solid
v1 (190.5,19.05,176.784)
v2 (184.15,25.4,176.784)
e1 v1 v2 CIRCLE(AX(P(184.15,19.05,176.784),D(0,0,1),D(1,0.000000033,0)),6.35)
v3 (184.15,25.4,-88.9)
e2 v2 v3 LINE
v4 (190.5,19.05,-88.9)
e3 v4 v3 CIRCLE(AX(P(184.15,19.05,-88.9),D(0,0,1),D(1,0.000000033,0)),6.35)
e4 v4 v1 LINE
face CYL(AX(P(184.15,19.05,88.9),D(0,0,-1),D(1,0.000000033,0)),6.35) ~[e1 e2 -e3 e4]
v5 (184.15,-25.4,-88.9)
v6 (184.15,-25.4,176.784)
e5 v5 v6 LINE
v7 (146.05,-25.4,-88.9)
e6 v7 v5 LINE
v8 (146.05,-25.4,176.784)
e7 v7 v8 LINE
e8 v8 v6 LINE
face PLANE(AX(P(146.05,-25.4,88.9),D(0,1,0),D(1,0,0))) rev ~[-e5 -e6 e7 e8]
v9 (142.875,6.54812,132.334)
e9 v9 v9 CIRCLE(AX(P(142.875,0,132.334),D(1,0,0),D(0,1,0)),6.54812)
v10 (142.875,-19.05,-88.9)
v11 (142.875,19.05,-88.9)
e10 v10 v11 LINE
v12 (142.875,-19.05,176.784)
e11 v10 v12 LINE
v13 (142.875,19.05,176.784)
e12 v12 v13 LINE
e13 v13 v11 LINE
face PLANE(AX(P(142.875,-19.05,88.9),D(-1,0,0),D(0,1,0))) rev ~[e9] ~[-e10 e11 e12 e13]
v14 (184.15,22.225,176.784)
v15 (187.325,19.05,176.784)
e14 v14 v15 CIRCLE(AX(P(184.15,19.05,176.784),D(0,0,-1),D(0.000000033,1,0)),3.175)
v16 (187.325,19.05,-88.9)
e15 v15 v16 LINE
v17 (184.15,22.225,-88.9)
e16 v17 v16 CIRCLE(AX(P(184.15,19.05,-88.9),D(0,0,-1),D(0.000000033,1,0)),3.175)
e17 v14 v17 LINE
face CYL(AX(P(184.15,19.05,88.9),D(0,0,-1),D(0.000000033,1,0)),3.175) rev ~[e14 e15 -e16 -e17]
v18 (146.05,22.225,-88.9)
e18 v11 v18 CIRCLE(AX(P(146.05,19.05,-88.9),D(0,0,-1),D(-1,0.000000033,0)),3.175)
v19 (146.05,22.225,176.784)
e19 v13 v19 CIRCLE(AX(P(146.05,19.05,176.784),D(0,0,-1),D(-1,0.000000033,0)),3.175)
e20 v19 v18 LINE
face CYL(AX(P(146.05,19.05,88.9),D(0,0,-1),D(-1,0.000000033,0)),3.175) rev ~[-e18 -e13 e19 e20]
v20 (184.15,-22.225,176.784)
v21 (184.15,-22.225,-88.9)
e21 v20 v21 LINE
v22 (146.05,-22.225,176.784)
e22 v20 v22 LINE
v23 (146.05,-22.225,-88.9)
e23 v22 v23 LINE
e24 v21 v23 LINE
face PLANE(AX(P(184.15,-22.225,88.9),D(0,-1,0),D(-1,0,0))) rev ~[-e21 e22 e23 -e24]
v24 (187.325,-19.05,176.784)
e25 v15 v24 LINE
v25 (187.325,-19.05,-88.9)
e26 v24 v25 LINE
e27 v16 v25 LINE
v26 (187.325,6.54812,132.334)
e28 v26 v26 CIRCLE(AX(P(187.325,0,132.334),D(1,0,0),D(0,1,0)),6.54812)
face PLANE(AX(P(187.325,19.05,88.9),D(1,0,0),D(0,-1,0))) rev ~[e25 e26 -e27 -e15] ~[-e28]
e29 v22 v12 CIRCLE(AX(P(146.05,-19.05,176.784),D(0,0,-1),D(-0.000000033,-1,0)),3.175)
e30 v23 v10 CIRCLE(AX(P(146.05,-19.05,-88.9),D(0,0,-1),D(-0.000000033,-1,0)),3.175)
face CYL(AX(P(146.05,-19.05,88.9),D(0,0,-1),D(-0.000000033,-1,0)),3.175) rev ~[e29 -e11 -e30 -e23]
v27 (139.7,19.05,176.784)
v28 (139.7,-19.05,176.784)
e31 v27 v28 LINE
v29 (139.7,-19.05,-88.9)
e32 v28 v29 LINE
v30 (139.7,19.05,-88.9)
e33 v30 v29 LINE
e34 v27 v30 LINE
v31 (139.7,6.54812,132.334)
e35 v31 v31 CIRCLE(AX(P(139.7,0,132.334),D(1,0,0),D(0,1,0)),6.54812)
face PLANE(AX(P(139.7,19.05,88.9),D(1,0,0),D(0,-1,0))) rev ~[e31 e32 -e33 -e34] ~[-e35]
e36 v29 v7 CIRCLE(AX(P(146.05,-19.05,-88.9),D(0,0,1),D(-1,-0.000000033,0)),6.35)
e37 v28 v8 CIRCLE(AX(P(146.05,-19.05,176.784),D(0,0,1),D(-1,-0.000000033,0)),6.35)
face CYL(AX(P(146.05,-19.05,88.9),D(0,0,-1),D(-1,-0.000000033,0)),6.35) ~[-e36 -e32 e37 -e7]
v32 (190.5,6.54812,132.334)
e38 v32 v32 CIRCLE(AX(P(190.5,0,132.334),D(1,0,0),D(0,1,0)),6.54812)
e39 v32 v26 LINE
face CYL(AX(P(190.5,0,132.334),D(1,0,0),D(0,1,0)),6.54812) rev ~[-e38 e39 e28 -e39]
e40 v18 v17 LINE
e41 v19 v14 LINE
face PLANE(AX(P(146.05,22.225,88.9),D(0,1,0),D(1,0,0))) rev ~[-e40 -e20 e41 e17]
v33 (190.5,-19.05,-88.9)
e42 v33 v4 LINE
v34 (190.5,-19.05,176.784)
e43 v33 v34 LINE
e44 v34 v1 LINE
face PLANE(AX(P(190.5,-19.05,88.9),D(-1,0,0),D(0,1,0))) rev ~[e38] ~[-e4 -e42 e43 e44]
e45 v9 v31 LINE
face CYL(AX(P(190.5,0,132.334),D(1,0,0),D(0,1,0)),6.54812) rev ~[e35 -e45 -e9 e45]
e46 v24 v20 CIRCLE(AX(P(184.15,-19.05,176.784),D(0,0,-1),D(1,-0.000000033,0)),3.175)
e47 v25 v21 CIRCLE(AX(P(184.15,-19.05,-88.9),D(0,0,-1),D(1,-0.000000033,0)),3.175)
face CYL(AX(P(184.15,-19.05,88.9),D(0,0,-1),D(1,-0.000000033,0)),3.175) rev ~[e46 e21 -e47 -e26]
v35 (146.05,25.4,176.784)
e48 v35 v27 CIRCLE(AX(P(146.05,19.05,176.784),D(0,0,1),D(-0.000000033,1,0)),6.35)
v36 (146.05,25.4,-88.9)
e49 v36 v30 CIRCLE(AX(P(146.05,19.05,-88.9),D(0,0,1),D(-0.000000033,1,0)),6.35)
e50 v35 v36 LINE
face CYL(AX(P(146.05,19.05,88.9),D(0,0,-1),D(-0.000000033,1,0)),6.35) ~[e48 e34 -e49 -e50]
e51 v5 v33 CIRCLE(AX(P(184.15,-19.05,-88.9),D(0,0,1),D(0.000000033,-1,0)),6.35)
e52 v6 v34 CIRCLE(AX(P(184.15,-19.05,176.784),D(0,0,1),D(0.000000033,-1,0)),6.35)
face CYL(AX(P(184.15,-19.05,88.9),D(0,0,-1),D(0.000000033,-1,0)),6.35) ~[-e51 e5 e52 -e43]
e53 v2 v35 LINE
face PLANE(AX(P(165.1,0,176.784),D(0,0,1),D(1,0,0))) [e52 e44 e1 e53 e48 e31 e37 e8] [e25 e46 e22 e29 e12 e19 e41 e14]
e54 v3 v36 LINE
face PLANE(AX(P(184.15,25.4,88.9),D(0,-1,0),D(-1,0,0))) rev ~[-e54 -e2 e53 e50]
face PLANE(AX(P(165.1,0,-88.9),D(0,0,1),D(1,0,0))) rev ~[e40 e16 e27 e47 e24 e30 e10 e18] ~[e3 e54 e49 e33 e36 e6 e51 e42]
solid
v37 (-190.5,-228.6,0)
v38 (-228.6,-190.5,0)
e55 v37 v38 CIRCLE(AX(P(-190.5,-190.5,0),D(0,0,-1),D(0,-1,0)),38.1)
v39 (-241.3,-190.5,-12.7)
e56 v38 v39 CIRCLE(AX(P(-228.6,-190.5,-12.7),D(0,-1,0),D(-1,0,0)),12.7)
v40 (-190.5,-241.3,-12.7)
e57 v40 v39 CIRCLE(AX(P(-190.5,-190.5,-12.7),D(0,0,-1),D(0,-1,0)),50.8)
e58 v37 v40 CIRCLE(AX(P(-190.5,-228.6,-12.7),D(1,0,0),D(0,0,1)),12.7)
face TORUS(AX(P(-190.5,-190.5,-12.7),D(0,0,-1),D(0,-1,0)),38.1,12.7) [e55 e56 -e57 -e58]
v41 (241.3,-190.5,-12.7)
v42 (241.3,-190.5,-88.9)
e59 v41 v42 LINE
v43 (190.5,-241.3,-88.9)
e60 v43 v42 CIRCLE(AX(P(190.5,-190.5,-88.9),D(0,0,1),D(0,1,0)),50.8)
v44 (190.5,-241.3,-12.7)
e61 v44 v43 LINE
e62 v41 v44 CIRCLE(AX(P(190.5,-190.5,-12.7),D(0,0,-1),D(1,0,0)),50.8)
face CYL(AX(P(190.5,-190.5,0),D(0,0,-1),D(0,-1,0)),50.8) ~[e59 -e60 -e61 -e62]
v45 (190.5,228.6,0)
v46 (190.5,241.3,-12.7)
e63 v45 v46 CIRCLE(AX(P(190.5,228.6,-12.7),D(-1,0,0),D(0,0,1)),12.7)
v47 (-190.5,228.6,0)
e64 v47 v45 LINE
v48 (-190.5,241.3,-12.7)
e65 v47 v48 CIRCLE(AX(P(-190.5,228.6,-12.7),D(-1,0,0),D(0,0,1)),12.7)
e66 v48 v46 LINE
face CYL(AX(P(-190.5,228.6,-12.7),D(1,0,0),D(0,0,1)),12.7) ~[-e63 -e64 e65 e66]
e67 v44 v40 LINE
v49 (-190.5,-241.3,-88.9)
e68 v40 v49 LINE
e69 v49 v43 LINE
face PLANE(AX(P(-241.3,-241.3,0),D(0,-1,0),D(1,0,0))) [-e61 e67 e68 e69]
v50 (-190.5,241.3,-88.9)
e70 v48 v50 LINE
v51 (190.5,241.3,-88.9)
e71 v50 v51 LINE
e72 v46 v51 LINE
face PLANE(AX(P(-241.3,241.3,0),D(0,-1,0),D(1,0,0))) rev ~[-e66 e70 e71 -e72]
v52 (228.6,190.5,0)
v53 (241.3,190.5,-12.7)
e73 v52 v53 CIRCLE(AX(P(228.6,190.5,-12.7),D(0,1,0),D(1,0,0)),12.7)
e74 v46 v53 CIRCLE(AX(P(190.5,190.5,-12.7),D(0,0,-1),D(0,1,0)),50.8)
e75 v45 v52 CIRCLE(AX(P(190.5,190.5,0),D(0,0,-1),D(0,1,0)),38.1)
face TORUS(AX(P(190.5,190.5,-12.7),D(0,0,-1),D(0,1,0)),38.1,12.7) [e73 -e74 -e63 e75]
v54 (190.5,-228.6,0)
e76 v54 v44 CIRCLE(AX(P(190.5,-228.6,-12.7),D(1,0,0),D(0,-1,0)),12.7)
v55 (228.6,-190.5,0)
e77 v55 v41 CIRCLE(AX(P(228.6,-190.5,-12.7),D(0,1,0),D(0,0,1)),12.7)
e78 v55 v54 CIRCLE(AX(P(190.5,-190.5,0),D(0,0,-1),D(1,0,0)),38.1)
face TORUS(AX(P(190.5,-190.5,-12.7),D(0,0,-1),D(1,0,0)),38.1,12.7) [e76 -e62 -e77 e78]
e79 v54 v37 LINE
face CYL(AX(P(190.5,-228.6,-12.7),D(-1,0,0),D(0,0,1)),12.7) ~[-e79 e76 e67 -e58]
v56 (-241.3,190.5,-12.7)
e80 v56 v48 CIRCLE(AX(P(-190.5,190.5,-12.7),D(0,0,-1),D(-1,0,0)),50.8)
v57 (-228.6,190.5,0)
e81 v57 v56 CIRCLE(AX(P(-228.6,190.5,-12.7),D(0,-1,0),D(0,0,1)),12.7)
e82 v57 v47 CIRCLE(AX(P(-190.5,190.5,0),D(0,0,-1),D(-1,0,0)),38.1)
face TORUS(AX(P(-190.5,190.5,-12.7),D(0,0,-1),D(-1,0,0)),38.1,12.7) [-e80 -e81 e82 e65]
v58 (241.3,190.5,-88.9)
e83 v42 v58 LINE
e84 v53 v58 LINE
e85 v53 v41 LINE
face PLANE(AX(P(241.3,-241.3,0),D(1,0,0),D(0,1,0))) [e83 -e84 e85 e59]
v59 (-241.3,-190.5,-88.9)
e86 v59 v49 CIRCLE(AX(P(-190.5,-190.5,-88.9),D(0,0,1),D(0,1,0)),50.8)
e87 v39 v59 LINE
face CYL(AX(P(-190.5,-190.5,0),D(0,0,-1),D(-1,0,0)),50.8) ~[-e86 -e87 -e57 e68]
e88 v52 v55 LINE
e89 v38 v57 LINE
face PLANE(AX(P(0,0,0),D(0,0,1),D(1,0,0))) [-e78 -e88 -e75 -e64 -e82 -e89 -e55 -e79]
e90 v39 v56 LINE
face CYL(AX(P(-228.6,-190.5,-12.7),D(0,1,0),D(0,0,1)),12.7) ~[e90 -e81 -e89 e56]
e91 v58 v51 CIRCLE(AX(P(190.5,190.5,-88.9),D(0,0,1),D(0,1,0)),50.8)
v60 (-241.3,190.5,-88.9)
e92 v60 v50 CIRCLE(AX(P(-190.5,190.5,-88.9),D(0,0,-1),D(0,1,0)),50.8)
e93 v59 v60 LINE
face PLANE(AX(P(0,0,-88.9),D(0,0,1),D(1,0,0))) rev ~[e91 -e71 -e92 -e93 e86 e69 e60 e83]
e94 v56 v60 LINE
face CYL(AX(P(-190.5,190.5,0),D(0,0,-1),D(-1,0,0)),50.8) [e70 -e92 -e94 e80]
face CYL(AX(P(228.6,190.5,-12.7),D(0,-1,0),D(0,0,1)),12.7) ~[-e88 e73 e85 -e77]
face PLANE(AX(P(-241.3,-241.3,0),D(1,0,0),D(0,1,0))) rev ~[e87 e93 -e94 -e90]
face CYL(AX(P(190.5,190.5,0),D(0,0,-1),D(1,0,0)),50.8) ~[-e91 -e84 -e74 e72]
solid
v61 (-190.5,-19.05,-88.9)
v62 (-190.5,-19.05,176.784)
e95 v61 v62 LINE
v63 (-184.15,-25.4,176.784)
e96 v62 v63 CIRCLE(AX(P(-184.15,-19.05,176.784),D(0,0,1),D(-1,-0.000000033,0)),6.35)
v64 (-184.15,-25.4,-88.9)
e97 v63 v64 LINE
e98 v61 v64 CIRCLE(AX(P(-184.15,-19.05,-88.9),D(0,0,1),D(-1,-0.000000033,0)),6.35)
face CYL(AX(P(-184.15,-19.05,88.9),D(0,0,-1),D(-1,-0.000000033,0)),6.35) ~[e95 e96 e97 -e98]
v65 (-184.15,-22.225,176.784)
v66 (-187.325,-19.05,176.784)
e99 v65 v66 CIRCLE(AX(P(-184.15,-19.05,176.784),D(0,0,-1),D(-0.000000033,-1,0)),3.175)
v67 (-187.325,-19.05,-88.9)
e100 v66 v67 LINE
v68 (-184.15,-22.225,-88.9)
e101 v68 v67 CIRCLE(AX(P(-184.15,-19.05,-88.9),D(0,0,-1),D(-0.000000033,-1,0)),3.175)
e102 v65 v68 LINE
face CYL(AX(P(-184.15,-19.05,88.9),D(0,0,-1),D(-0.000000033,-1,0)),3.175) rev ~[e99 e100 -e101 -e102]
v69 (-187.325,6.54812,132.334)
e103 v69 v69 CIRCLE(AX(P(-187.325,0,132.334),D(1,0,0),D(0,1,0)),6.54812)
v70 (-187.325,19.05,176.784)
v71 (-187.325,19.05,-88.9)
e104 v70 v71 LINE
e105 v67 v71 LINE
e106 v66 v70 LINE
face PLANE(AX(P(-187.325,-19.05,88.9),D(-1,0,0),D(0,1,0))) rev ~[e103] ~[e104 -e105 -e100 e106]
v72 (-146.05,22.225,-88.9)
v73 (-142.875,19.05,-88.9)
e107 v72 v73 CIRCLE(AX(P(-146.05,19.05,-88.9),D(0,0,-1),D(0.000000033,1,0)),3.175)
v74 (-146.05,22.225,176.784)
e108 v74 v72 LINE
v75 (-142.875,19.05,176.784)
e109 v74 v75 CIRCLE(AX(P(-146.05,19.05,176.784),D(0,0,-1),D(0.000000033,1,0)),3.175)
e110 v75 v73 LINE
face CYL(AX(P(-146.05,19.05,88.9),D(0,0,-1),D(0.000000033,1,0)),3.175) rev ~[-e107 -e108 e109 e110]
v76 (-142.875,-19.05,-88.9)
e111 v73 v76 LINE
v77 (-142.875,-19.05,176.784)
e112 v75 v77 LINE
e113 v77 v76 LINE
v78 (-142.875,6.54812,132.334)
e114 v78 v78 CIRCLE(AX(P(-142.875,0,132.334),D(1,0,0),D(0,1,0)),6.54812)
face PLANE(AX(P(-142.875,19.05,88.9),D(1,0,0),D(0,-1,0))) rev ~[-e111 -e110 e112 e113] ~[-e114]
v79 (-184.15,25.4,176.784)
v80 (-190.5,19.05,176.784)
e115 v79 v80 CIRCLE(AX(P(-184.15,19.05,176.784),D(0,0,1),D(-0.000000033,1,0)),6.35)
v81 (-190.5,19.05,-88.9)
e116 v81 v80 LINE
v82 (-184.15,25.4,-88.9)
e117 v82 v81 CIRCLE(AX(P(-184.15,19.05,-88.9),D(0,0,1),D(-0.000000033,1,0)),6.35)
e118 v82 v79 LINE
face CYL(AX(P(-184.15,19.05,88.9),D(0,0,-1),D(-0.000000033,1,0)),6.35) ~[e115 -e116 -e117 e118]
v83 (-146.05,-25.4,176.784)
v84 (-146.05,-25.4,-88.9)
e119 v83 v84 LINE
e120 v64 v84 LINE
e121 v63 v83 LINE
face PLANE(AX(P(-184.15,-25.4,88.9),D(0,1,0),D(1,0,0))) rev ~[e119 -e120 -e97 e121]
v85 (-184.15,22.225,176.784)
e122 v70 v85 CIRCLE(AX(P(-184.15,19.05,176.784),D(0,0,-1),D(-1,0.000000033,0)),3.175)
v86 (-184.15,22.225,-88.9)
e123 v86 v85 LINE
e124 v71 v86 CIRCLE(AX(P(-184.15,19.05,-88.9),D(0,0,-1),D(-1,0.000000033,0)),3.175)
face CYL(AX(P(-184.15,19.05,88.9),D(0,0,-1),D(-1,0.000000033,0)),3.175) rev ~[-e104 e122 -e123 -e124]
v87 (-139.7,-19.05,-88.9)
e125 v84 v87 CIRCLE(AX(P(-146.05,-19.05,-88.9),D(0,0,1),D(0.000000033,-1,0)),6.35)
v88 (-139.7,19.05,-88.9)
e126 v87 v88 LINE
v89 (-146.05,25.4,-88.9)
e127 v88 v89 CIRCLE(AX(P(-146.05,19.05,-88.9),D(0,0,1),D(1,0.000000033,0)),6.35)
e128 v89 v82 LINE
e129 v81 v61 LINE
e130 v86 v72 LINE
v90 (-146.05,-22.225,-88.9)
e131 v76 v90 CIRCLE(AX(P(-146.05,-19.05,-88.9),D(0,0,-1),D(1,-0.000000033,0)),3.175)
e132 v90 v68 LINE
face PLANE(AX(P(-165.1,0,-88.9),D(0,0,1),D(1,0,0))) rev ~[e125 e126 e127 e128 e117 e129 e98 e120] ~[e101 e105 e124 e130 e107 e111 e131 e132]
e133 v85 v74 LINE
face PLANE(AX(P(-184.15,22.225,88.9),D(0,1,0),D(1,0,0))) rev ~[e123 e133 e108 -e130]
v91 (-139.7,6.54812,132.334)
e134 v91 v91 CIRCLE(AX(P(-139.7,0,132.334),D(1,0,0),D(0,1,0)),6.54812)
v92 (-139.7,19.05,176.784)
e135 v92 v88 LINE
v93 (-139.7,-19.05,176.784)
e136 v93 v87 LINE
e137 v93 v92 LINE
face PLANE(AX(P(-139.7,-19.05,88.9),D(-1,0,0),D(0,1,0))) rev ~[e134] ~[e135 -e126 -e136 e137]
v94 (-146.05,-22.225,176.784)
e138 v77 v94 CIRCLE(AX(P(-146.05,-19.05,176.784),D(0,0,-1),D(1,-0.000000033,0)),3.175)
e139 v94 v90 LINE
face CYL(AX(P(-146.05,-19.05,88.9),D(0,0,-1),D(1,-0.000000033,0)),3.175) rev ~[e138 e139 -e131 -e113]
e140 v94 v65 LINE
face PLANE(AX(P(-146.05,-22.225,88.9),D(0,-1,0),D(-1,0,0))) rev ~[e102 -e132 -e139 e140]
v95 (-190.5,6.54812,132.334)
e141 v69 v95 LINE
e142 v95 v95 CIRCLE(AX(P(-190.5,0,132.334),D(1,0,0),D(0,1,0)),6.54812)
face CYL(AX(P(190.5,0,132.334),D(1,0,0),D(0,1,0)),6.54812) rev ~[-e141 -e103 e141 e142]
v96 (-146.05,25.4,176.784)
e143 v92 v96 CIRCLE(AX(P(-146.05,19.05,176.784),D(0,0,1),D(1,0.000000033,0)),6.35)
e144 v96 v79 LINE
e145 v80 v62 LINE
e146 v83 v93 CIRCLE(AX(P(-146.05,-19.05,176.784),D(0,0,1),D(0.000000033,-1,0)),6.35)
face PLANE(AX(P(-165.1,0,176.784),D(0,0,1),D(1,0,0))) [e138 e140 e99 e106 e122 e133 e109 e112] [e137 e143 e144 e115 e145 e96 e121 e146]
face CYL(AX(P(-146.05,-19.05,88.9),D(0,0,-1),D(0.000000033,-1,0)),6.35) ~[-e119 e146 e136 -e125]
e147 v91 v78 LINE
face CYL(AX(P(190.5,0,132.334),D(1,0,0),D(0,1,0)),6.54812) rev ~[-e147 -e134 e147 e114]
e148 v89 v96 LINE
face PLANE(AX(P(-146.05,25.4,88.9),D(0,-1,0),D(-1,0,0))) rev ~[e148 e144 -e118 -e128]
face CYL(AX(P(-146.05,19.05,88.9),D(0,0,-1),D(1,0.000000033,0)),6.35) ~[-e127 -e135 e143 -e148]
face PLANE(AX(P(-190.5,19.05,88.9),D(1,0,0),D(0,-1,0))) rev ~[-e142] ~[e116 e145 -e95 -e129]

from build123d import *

# Parameters (mm, degrees)
F0_W     = 482.6
F0_H     = 482.6
F1_DEPTH = 88.9
F2_R     = 50.8
F3_R     = 12.7
F5_DEPTH = 88.9
F7_DEPTH = 87.884
F8_R     = 6.54812
F9_DEPTH = 431.801


with BuildPart() as f1:
    # F0 (on Top) → F1 (new body)
    with BuildSketch(Plane.XY):
        Rectangle(F0_W, F0_H)
    extrude(amount=-F1_DEPTH)

    # F2
    f2_edges = [f1.edges().sort_by_distance(p)[0] for p in [
        (-241.3, -241.3, -44.45),
        (241.3, -241.3, -44.45),
        (241.3, 241.3, -44.45),
        (-241.3, 241.3, -44.45),
    ]]
    fillet(f2_edges, radius=F2_R)

    # F3
    f3_edges = [f1.edges().sort_by_distance(p)[0] for p in [
        (0, 241.3, 0),
    ]]
    fillet(f3_edges, radius=F3_R)


with BuildPart() as f5:
    # F4 (on Top) → F5 (new body, symmetric)
    with BuildSketch(Plane.XY):
        with BuildLine():
            ThreePointArc((190.5, 19.05), (188.640128, 23.540128), (184.15, 25.4))
            Line((184.15, 25.4), (146.05, 25.4))
            ThreePointArc((146.05, 25.4), (141.559872, 23.540128), (139.7, 19.05))
            Line((139.7, 19.05), (139.7, -19.05))
            ThreePointArc((139.7, -19.05), (141.559872, -23.540128), (146.05, -25.4))
            Line((146.05, -25.4), (184.15, -25.4))
            ThreePointArc((184.15, -25.4), (188.640128, -23.540128), (190.5, -19.05))
            Line((190.5, -19.05), (190.5, 19.05))
        make_face()
        with BuildLine():
            Line((146.05, 22.225), (184.15, 22.225))
            ThreePointArc((184.15, 22.225), (186.395064, 21.295064), (187.325, 19.05))
            Line((187.325, 19.05), (187.325, -19.05))
            ThreePointArc((187.325, -19.05), (186.395064, -21.295064), (184.15, -22.225))
            Line((184.15, -22.225), (146.05, -22.225))
            ThreePointArc((146.05, -22.225), (143.804936, -21.295064), (142.875, -19.05))
            Line((142.875, -19.05), (142.875, 19.05))
            ThreePointArc((142.875, 19.05), (143.804936, 21.295064), (146.05, 22.225))
        make_face(mode=Mode.SUBTRACT)
        with BuildLine():
            ThreePointArc((-139.7, 19.05), (-141.559872, 23.540128), (-146.05, 25.4))
            Line((-146.05, 25.4), (-184.15, 25.4))
            ThreePointArc((-184.15, 25.4), (-188.640128, 23.540128), (-190.5, 19.05))
            Line((-190.5, 19.05), (-190.5, -19.05))
            ThreePointArc((-190.5, -19.05), (-188.640128, -23.540128), (-184.15, -25.4))
            Line((-184.15, -25.4), (-146.05, -25.4))
            ThreePointArc((-146.05, -25.4), (-141.559872, -23.540128), (-139.7, -19.05))
            Line((-139.7, -19.05), (-139.7, 19.05))
        make_face()
        with BuildLine():
            Line((-184.15, 22.225), (-146.05, 22.225))
            ThreePointArc((-146.05, 22.225), (-143.804936, 21.295064), (-142.875, 19.05))
            Line((-142.875, 19.05), (-142.875, -19.05))
            ThreePointArc((-142.875, -19.05), (-143.804936, -21.295064), (-146.05, -22.225))
            Line((-146.05, -22.225), (-184.15, -22.225))
            ThreePointArc((-184.15, -22.225), (-186.395064, -21.295064), (-187.325, -19.05))
            Line((-187.325, -19.05), (-187.325, 19.05))
            ThreePointArc((-187.325, 19.05), (-186.395064, 21.295064), (-184.15, 22.225))
        make_face(mode=Mode.SUBTRACT)
    extrude(amount=F5_DEPTH, both=True)

    # F6 (on face) → F7 (join)
    with BuildSketch(Plane.XY.offset(88.9)):
        with BuildLine():
            ThreePointArc((139.7, -19.05), (141.559872, -23.540128), (146.05, -25.4))
            Line((146.05, -25.4), (184.15, -25.4))
            ThreePointArc((184.15, -25.4), (188.640128, -23.540128), (190.5, -19.05))
            Line((190.5, -19.05), (190.5, 19.05))
            ThreePointArc((190.5, 19.05), (188.640128, 23.540128), (184.15, 25.4))
            Line((184.15, 25.4), (146.05, 25.4))
            ThreePointArc((146.05, 25.4), (141.559872, 23.540128), (139.7, 19.05))
            Line((139.7, 19.05), (139.7, -19.05))
        make_face()
        with BuildLine():
            Line((142.875, -19.05), (142.875, 19.05))
            ThreePointArc((142.875, 19.05), (143.804936, 21.295064), (146.05, 22.225))
            Line((146.05, 22.225), (184.15, 22.225))
            ThreePointArc((184.15, 22.225), (186.395064, 21.295064), (187.325, 19.05))
            Line((187.325, 19.05), (187.325, -19.05))
            ThreePointArc((187.325, -19.05), (186.395064, -21.295064), (184.15, -22.225))
            Line((184.15, -22.225), (146.05, -22.225))
            ThreePointArc((146.05, -22.225), (143.804936, -21.295064), (142.875, -19.05))
        make_face(mode=Mode.SUBTRACT)
        with BuildLine():
            ThreePointArc((-139.7, 19.05), (-141.559872, 23.540128), (-146.05, 25.4))
            Line((-146.05, 25.4), (-184.15, 25.4))
            ThreePointArc((-184.15, 25.4), (-188.640128, 23.540128), (-190.5, 19.05))
            Line((-190.5, 19.05), (-190.5, -19.05))
            ThreePointArc((-190.5, -19.05), (-188.640128, -23.540128), (-184.15, -25.4))
            Line((-184.15, -25.4), (-146.05, -25.4))
            ThreePointArc((-146.05, -25.4), (-141.559872, -23.540128), (-139.7, -19.05))
            Line((-139.7, -19.05), (-139.7, 19.05))
        make_face()
        with BuildLine():
            Line((-184.15, 22.225), (-146.05, 22.225))
            ThreePointArc((-146.05, 22.225), (-143.804936, 21.295064), (-142.875, 19.05))
            Line((-142.875, 19.05), (-142.875, -19.05))
            ThreePointArc((-142.875, -19.05), (-143.804936, -21.295064), (-146.05, -22.225))
            Line((-146.05, -22.225), (-184.15, -22.225))
            ThreePointArc((-184.15, -22.225), (-186.395064, -21.295064), (-187.325, -19.05))
            Line((-187.325, -19.05), (-187.325, 19.05))
            ThreePointArc((-187.325, 19.05), (-186.395064, 21.295064), (-184.15, 22.225))
        make_face(mode=Mode.SUBTRACT)
    extrude(amount=F7_DEPTH)

    # F8 (on face) → F9 (cut, through all)
    with BuildSketch(Plane.YZ.offset(190.5)):
        with Locations((0, 132.334)):
            Circle(F8_R)
    extrude(amount=-F9_DEPTH, mode=Mode.SUBTRACT)


solid = Compound([f1.part, f5.part])
